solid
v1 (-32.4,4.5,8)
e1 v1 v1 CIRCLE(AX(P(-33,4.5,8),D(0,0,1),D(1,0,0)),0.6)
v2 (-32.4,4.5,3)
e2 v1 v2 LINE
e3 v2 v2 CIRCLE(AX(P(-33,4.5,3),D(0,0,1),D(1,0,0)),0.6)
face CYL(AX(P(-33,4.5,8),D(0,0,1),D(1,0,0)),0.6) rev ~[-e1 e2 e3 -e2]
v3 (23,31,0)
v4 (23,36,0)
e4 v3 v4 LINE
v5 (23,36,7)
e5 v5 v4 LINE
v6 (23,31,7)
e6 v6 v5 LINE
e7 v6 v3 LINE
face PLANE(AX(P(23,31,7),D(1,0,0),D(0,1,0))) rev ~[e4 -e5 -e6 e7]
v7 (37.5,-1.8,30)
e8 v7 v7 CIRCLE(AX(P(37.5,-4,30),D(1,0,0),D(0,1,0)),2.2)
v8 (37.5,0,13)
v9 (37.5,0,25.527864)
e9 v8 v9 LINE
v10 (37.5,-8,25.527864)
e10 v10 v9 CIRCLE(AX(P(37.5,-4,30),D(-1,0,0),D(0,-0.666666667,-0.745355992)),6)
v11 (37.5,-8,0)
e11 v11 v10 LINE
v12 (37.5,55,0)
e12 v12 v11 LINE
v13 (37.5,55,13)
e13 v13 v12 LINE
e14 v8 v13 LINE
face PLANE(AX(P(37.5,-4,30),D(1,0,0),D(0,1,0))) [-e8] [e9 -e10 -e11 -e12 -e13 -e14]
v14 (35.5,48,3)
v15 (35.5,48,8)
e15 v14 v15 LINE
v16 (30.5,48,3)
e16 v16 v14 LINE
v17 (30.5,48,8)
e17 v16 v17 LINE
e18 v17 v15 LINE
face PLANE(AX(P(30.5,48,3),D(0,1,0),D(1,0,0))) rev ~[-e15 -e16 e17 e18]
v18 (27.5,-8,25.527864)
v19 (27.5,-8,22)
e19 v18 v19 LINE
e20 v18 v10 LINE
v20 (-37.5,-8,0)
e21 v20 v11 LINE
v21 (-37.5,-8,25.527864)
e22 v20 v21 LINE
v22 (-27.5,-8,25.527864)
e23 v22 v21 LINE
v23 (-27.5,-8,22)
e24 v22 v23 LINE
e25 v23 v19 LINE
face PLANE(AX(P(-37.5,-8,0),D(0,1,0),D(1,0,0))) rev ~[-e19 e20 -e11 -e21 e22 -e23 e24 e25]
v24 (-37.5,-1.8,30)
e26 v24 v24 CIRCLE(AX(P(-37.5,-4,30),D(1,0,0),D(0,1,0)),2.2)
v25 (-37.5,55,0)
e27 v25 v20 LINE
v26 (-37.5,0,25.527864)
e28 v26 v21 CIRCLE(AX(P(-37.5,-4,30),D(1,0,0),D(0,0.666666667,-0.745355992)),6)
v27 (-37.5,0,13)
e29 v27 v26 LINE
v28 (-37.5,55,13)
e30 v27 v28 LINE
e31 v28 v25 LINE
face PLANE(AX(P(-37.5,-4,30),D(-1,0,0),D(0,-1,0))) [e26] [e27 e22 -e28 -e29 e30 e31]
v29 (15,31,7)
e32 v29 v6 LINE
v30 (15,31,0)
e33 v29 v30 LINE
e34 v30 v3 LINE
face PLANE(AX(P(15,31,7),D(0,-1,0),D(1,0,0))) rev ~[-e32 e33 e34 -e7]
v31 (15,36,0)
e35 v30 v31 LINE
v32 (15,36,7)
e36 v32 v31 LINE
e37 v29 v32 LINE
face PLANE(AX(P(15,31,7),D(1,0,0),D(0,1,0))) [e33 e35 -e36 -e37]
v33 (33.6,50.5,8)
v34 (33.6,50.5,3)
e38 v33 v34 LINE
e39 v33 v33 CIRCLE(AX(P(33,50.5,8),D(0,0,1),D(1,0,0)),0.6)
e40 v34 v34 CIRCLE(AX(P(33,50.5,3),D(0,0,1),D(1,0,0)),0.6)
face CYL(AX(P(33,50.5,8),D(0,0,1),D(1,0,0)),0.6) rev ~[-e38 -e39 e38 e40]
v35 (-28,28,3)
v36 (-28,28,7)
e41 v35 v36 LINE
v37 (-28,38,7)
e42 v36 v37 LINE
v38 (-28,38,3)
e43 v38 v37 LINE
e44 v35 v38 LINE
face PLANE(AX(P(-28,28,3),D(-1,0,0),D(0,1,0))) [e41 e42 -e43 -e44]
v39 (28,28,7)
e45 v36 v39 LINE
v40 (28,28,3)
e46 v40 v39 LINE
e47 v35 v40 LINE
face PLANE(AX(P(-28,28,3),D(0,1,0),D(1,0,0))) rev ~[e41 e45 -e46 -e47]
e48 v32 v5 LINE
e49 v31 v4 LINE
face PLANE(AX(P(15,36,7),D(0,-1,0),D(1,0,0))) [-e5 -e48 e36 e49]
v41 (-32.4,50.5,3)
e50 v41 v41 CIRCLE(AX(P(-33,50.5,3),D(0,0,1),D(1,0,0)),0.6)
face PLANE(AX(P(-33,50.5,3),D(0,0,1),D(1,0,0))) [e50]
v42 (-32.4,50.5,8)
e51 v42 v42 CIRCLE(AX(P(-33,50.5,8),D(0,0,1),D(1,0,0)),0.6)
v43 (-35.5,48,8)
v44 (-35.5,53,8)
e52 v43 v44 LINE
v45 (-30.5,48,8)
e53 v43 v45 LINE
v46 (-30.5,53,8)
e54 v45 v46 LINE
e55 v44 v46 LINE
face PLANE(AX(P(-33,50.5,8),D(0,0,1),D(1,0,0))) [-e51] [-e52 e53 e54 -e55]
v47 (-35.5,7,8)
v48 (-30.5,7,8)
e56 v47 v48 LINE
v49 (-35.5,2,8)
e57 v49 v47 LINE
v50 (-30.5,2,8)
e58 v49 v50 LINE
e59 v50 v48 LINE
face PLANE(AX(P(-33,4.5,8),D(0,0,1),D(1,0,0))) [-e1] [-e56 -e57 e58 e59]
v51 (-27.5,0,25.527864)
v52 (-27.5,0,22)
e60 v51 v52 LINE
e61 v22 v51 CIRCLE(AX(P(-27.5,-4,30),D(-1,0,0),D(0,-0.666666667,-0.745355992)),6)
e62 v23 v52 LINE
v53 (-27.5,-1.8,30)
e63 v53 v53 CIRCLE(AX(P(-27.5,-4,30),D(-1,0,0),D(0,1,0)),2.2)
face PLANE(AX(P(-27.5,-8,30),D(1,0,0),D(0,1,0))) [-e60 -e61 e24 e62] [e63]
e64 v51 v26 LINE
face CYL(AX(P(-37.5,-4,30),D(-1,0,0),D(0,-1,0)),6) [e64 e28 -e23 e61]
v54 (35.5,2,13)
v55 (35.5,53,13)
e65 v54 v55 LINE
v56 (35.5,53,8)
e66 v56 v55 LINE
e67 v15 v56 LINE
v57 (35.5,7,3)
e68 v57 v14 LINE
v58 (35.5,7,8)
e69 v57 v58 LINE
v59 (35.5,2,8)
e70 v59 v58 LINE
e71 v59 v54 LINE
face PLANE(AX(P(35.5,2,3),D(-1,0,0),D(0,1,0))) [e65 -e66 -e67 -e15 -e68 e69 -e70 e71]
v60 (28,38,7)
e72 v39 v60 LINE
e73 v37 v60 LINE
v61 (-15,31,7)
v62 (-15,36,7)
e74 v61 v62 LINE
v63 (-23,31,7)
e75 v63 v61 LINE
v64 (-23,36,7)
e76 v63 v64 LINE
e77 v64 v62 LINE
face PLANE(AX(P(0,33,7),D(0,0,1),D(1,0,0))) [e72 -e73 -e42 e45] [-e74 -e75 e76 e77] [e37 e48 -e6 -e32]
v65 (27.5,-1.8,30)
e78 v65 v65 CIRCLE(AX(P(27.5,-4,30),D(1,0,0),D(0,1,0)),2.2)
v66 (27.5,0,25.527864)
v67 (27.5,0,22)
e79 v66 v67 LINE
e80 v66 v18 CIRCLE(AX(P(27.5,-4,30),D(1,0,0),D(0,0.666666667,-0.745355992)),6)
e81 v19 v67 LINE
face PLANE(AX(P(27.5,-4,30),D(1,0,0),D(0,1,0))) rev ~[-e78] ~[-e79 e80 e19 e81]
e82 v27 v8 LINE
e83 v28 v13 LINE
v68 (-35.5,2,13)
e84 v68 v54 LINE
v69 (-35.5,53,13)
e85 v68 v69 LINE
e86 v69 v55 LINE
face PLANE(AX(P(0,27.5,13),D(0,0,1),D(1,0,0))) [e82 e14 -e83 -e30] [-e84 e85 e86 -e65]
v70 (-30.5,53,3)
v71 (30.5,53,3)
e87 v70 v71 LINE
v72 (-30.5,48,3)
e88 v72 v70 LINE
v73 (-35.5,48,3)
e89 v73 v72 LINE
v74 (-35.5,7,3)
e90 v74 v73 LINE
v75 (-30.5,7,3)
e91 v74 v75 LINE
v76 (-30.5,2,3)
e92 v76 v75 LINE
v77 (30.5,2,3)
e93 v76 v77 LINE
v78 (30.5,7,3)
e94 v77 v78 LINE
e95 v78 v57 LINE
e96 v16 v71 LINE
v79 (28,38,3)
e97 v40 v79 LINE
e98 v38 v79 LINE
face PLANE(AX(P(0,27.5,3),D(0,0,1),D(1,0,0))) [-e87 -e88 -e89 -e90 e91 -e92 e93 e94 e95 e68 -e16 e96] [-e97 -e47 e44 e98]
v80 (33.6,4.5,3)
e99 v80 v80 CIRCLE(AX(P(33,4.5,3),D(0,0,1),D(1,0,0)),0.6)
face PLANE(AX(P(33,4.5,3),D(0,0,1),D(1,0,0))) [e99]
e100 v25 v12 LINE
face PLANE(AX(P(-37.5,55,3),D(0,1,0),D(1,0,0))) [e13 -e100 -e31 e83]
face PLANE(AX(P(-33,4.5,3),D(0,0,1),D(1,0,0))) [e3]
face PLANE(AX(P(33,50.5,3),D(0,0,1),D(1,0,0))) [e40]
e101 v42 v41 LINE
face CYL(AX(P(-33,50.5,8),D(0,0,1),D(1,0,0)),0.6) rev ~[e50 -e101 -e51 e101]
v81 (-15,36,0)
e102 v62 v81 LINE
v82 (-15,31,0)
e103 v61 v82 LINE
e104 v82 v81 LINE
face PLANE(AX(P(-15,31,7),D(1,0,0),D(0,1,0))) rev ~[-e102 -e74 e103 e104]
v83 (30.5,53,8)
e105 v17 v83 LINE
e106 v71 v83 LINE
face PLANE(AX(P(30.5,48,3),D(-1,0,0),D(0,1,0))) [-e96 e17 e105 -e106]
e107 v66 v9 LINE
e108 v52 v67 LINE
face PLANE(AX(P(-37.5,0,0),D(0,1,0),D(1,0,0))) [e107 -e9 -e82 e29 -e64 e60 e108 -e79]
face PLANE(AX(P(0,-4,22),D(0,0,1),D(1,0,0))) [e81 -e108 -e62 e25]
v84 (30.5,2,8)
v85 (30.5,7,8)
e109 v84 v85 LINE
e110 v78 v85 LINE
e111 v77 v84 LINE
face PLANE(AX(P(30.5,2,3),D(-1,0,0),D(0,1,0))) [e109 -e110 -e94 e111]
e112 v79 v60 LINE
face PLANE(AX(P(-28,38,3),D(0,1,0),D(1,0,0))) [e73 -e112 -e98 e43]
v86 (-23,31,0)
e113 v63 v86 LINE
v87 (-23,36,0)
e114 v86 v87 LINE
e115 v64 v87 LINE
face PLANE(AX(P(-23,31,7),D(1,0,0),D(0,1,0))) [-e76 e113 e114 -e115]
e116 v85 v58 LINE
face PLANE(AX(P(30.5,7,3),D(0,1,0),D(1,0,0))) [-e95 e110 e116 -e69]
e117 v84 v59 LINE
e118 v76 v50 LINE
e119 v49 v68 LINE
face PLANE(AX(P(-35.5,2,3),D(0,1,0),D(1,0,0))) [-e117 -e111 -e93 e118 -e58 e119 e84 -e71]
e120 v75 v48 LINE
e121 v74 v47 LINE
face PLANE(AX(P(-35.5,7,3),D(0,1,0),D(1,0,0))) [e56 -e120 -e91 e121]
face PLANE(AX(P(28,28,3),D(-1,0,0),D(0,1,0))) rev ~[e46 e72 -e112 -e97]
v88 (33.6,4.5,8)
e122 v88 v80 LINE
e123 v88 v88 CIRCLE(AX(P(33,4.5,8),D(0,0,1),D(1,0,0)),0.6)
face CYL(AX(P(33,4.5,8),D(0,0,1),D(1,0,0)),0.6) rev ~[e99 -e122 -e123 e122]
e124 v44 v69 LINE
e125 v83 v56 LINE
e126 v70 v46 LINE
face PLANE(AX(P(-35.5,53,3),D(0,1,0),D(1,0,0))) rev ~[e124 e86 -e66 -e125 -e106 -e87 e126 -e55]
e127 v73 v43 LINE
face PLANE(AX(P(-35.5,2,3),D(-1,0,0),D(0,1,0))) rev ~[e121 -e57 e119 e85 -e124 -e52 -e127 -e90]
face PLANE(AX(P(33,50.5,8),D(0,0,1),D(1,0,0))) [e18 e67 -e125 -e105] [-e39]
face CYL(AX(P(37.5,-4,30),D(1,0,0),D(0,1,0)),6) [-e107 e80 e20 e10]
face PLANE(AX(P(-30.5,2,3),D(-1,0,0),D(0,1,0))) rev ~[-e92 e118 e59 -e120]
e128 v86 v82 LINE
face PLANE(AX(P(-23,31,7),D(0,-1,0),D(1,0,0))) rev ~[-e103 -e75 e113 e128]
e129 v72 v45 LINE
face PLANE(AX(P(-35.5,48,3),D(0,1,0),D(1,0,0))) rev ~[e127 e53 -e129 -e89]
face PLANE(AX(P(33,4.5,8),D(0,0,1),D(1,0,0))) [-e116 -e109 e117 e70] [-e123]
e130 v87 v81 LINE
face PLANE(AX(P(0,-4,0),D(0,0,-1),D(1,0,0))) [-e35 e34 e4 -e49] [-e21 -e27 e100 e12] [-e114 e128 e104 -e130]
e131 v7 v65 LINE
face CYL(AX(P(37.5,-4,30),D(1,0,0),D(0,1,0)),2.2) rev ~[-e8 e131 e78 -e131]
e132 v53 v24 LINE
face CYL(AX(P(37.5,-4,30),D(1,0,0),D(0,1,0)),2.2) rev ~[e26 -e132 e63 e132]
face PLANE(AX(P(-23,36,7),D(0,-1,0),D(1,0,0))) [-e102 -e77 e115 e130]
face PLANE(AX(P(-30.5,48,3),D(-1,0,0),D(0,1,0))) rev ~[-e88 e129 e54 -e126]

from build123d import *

# Parameters (mm, degrees)
SKETCH_W        = 75
SKETCH_H        = 55
PAD_DEPTH       = 3
SKETCH001_W     = 75
SKETCH001_H     = 55
SKETCH001_W_2   = 71
SKETCH001_H_2   = 51
PAD001_DEPTH    = 10
SKETCH002_W     = 5
SKETCH002_H     = 5
PAD002_DEPTH    = 5
SKETCH011_R     = 0.6
POCKET004_DEPTH = 5
SKETCH012_W     = 56
SKETCH012_H     = 10
PAD003_DEPTH    = 4
SKETCH013_W     = 8
SKETCH013_H     = 5
POCKET_DEPTH    = 8
SKETCH014_W     = 75
SKETCH014_H     = 8
PAD004_DEPTH    = 30
SKETCH015_R     = 6
PAD005_DEPTH    = 10
SKETCH016_R     = 6
PAD006_DEPTH    = 10
SKETCH017_R     = 2.2
POCKET005_DEPTH = 75
SKETCH018_W     = 55
SKETCH018_H     = 8
POCKET006_DEPTH = 8


with BuildPart() as part:
    # Sketch → Pad (new body)
    with BuildSketch(Plane.XY):
        with Locations((0, 27.5)):
            Rectangle(SKETCH_W, SKETCH_H)
    extrude(amount=PAD_DEPTH)

    # Sketch001 (on Face6 of Pad) → Pad001 (join)
    with BuildSketch(Plane.XY.offset(3)):
        with Locations((0, 27.5)):
            Rectangle(SKETCH001_W, SKETCH001_H)
        with Locations((0, 27.5)):
            Rectangle(SKETCH001_W_2, SKETCH001_H_2, mode=Mode.SUBTRACT)
    extrude(amount=PAD001_DEPTH)

    # Sketch002 (on Face15 of Pad001) → Pad002 (join)
    with BuildSketch(Plane.XY.offset(3)):
        with Locations((-33, 50.5)):
            Rectangle(SKETCH002_W, SKETCH002_H)
        with Locations((33, 50.5)):
            Rectangle(SKETCH002_W, SKETCH002_H)
        with Locations((33, 4.5)):
            Rectangle(SKETCH002_W, SKETCH002_H)
        with Locations((-33, 4.5)):
            Rectangle(SKETCH002_W, SKETCH002_H)
    extrude(amount=PAD002_DEPTH)

    # Sketch011 → Pocket004 (cut)
    with BuildSketch(Plane.XY.offset(8)):
        with Locations((-33, 4.5)):
            Circle(SKETCH011_R)
        with Locations((33, 4.5)):
            Circle(SKETCH011_R)
        with Locations((-33, 50.5)):
            Circle(SKETCH011_R)
        with Locations((33, 50.5)):
            Circle(SKETCH011_R)
    extrude(amount=-POCKET004_DEPTH, mode=Mode.SUBTRACT)

    # Sketch012 (on Face17 of Pocket004) → Pad003 (join)
    with BuildSketch(Plane.XY.offset(3)):
        with Locations((0, 33)):
            Rectangle(SKETCH012_W, SKETCH012_H)
    extrude(amount=PAD003_DEPTH)

    # Sketch013 (on Face37 of Pad003) → Pocket (cut)
    with BuildSketch(Plane.XY.offset(7)):
        with Locations((-19, 33.5)):
            Rectangle(SKETCH013_W, SKETCH013_H)
        with Locations((19, 33.5)):
            Rectangle(SKETCH013_W, SKETCH013_H)
    extrude(amount=-POCKET_DEPTH, mode=Mode.SUBTRACT)

    # Sketch014 (on Face4 of Pocket) → Pad004 (join)
    with BuildSketch(Plane(origin=(0, 0, 0), x_dir=(1, 0, 0), z_dir=(0, 0, -1))):
        with Locations((0, 4)):
            Rectangle(SKETCH014_W, SKETCH014_H)
    extrude(amount=-PAD004_DEPTH)

    # Sketch015 (on Face6 of Pad004) → Pad005 (join)
    with BuildSketch(Plane(origin=(-37.5, 0, 0), x_dir=(0, -1, 0), z_dir=(-1, 0, 0))):
        with Locations((4, 30)):
            Circle(SKETCH015_R)
    extrude(amount=-PAD005_DEPTH)

    # Sketch016 (on Face8 of Pad005) → Pad006 (join)
    with BuildSketch(Plane.YZ.offset(37.5)):
        with Locations((-4, 30)):
            Circle(SKETCH016_R)
    extrude(amount=-PAD006_DEPTH)

    # Sketch017 (on Face37 of Pad006) → Pocket005 (cut)
    with BuildSketch(Plane.YZ.offset(37.5)):
        with Locations((-4, 30)):
            Circle(SKETCH017_R)
    extrude(amount=-POCKET005_DEPTH, mode=Mode.SUBTRACT)

    # Sketch018 (on Face37 of Pocket005) → Pocket006 (cut)
    with BuildSketch(Plane.XY.offset(30)):
        with Locations((0, -4)):
            Rectangle(SKETCH018_W, SKETCH018_H)
    extrude(amount=-POCKET006_DEPTH, mode=Mode.SUBTRACT)


solid = part.part
